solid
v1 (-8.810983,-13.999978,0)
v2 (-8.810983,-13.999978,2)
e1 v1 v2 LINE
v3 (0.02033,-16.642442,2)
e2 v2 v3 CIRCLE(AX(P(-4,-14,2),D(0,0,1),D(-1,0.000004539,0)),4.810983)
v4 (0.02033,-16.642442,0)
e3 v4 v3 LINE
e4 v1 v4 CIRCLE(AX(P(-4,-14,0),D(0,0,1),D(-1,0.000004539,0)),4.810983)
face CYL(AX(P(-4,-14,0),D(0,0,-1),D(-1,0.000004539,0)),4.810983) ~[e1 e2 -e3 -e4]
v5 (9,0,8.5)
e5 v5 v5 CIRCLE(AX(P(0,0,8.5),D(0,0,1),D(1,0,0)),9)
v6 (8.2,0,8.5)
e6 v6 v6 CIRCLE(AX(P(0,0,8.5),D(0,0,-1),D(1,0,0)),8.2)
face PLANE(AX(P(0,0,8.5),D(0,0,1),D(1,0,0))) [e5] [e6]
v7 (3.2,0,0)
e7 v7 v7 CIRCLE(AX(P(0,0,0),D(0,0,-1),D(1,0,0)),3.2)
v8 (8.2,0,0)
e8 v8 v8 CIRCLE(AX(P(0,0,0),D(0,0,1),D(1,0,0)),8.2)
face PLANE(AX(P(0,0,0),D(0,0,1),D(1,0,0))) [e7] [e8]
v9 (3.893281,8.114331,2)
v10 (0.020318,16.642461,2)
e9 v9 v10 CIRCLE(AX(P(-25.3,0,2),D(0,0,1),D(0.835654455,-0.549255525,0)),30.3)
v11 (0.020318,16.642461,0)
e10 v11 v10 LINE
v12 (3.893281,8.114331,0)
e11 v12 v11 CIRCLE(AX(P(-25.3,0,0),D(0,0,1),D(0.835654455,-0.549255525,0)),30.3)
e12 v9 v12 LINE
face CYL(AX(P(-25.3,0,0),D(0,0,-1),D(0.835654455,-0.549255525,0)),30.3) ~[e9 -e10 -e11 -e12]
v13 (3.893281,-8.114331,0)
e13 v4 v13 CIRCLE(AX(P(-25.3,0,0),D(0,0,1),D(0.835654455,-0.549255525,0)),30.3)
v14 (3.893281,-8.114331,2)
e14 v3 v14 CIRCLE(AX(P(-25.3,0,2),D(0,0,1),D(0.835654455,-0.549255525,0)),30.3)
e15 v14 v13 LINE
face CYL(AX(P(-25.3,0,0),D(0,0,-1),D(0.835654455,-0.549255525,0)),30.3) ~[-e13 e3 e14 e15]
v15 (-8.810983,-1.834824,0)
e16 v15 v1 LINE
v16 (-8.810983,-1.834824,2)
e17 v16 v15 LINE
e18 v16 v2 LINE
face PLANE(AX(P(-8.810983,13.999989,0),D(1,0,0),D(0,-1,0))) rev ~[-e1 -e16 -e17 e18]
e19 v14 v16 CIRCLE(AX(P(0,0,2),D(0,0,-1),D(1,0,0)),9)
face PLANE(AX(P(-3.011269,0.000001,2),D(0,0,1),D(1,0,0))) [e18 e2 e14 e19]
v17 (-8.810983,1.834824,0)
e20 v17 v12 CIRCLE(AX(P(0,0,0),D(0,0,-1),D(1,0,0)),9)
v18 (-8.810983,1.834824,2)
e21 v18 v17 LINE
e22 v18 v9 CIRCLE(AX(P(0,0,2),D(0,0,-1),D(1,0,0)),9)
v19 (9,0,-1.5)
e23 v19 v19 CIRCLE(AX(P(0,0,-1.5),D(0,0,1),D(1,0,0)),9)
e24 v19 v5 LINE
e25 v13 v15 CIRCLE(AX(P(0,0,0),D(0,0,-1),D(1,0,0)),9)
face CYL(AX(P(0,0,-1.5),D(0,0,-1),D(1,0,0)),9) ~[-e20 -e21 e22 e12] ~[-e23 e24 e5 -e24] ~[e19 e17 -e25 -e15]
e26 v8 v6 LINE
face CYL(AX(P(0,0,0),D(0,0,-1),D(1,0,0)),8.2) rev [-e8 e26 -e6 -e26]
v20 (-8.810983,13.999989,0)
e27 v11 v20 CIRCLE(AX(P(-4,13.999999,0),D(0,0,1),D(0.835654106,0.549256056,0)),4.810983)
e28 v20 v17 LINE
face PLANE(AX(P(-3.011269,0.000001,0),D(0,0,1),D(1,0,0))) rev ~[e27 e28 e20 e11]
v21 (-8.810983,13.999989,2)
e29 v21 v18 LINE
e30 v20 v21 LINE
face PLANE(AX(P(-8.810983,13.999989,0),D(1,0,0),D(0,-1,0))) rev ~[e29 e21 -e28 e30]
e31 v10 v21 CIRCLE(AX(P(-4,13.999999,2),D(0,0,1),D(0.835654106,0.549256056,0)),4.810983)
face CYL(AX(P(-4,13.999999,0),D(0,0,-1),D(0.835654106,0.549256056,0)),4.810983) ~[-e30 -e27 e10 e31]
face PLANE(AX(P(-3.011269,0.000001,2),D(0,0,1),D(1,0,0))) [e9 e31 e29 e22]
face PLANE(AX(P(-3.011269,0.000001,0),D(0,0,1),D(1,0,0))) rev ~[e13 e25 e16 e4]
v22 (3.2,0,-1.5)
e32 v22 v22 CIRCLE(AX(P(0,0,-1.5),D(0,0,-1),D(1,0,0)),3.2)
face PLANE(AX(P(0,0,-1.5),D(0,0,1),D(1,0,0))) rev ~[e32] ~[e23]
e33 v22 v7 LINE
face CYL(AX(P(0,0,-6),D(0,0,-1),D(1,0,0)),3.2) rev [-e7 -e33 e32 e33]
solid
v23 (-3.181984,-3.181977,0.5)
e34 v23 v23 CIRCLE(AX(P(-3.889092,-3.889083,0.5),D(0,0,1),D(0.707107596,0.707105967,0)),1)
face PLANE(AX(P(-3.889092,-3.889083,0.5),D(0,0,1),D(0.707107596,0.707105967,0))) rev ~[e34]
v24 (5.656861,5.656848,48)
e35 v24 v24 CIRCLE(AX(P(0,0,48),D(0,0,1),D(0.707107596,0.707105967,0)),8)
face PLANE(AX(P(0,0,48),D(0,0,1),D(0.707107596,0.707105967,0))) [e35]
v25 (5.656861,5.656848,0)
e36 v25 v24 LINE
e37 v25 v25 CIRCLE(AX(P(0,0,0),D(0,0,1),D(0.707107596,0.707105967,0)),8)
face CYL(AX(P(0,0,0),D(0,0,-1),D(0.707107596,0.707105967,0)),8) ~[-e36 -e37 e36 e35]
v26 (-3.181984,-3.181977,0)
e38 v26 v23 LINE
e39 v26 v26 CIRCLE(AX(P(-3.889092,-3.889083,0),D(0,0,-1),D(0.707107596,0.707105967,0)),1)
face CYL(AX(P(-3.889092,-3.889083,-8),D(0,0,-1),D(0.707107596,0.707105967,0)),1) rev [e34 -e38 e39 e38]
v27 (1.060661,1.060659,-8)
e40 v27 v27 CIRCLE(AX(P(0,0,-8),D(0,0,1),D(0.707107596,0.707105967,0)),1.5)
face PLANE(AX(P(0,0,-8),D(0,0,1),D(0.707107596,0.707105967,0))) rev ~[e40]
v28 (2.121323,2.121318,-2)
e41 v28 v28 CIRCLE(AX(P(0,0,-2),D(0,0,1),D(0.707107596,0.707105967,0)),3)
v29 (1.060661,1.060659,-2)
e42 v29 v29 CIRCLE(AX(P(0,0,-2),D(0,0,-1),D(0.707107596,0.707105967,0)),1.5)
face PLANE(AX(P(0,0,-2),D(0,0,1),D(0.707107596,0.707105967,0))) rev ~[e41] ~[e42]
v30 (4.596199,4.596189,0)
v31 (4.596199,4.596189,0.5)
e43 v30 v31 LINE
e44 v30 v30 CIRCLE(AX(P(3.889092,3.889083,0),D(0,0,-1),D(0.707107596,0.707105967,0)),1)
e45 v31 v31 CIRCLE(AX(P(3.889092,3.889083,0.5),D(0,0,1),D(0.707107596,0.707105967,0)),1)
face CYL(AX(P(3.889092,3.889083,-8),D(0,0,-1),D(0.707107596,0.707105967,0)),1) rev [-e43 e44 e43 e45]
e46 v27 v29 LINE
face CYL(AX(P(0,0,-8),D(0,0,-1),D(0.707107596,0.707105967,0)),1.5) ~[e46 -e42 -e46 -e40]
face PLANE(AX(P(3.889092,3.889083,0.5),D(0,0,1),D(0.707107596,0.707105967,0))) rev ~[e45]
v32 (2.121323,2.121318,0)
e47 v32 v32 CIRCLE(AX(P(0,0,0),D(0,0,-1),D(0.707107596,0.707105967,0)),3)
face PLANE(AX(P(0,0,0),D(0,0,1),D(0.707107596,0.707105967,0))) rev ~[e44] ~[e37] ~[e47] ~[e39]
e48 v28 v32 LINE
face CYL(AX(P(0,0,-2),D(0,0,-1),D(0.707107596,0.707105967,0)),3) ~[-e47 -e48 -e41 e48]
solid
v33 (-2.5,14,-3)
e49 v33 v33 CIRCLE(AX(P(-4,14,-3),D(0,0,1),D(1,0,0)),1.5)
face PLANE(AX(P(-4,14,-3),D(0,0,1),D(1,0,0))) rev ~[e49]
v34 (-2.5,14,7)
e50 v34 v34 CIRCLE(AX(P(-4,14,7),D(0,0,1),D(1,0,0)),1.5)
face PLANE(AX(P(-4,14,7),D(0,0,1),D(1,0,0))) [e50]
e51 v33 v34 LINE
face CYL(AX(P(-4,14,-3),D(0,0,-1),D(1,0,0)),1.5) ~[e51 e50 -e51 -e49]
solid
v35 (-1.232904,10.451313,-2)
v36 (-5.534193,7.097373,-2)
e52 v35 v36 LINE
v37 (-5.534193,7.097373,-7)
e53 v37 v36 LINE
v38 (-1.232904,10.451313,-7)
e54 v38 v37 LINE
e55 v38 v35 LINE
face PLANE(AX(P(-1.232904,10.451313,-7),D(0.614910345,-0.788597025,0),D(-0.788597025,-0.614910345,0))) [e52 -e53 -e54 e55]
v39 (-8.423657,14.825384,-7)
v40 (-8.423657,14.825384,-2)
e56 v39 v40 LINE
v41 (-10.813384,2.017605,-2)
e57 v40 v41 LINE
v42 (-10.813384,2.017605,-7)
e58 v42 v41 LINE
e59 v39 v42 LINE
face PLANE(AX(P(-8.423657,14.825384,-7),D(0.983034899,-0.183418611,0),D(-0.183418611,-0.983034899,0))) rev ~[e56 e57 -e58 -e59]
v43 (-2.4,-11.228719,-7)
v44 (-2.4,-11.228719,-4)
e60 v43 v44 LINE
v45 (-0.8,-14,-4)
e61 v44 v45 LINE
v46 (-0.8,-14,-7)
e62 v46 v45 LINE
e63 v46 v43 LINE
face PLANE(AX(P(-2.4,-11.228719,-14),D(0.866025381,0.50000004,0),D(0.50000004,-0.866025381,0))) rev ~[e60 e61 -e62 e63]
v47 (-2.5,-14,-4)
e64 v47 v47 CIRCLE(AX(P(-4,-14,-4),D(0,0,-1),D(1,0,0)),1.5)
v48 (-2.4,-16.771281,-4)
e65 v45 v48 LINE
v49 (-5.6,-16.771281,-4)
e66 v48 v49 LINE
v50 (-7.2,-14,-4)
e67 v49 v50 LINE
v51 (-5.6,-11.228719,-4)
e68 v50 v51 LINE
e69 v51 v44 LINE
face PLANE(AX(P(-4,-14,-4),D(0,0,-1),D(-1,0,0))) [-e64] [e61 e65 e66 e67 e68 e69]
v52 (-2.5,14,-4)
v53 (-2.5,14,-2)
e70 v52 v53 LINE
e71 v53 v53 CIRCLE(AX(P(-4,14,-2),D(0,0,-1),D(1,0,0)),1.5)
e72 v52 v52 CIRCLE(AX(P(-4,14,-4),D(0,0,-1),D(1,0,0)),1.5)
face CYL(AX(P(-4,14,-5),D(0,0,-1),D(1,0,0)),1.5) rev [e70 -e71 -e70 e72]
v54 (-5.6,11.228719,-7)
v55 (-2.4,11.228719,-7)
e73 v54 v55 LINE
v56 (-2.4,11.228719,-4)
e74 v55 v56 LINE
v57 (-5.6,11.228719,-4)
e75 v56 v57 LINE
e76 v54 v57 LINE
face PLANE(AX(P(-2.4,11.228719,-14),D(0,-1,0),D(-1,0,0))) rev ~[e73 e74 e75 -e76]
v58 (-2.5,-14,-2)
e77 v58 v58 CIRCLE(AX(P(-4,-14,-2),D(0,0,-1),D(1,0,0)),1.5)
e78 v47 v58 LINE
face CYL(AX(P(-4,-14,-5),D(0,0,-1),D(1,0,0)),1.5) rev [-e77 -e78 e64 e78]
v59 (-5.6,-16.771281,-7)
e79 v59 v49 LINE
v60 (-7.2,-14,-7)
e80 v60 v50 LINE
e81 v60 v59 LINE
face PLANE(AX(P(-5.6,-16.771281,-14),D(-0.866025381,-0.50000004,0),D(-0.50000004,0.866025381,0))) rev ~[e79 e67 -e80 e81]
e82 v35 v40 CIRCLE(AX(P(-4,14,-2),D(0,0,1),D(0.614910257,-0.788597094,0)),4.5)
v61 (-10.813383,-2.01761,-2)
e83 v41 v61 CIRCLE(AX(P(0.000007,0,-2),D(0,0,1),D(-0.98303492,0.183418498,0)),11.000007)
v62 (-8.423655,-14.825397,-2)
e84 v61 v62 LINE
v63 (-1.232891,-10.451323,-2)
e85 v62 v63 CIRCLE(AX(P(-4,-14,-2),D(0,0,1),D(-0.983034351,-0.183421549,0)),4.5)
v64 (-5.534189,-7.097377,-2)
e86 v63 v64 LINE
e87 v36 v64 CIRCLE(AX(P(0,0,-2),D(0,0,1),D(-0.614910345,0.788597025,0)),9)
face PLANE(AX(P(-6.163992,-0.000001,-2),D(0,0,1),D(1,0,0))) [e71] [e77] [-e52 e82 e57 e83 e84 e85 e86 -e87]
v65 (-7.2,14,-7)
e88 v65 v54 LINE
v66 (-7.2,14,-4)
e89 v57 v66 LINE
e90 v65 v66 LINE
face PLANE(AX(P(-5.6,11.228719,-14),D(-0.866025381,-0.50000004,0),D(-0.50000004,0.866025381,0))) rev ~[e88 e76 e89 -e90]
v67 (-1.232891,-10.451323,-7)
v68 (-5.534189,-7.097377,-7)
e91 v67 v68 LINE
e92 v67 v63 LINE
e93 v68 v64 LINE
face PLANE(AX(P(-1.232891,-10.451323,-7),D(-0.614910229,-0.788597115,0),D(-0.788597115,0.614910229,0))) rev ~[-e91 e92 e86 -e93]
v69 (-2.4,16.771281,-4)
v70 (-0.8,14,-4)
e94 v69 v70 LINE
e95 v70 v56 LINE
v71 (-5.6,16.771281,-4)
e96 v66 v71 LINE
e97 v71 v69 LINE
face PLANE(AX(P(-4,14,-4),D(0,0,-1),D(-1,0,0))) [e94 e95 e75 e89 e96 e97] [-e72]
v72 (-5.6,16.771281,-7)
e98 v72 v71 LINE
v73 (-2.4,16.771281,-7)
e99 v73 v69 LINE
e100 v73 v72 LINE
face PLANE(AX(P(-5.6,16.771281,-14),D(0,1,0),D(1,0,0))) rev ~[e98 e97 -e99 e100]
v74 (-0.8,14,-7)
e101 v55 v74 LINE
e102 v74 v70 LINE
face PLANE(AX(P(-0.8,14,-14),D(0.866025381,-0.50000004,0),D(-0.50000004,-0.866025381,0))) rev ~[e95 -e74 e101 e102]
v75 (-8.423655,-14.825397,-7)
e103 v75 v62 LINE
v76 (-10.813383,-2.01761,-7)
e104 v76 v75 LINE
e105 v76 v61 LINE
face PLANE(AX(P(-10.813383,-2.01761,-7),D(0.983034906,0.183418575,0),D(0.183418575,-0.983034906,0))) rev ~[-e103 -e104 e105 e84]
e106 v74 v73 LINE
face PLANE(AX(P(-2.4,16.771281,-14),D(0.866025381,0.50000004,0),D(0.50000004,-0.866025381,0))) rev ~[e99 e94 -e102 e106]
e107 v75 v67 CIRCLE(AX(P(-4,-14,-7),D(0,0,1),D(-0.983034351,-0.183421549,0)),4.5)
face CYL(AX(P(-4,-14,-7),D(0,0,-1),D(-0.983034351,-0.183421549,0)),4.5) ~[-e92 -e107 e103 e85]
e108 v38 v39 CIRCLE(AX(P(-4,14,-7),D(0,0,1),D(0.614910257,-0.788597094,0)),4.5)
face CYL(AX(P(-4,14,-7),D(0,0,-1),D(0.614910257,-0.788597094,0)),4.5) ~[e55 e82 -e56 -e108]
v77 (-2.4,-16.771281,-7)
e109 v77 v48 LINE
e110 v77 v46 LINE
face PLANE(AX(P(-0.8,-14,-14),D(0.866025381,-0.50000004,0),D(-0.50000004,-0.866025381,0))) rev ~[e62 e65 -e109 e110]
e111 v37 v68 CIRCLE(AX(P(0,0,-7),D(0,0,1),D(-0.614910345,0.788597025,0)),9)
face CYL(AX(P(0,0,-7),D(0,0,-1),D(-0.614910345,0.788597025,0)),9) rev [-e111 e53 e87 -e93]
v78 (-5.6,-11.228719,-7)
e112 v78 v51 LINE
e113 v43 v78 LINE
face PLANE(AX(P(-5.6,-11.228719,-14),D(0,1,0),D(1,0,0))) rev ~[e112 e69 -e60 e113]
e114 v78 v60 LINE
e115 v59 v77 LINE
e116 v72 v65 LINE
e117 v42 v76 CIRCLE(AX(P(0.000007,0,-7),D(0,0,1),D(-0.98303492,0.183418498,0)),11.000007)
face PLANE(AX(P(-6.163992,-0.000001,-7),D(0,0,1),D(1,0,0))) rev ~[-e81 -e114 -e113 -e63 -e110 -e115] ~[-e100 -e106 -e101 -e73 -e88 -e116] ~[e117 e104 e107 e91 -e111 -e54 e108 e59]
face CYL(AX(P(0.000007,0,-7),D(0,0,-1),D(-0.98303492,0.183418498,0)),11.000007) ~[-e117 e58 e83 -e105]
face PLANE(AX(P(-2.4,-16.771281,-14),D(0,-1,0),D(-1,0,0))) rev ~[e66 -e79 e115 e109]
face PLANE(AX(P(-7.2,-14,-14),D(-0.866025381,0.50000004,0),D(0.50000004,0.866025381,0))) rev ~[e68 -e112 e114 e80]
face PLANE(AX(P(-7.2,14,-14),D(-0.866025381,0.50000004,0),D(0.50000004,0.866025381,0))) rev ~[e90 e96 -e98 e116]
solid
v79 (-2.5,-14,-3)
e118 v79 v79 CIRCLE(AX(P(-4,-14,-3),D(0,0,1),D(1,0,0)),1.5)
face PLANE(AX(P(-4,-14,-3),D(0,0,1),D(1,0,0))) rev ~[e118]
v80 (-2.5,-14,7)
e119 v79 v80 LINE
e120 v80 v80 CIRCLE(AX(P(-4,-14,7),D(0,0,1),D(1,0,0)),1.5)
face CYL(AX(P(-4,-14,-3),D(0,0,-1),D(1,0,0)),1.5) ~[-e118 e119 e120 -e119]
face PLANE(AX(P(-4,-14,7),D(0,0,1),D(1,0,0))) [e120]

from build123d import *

# Parameters (mm, degrees)
CYLINDER002_R          = 3
CYLINDER002_DEPTH      = 2.5
CYLINDER004_R          = 1
CYLINDER004_DEPTH      = 8.5
CYLINDER003_R          = 1
CYLINDER003_DEPTH      = 8.5
CYLINDER_R             = 8
CYLINDER_DEPTH         = 48
CYLINDER001_R          = 1.5
CYLINDER001_DEPTH      = 8
FUSION_PLACEMENT_ANGLE = 44.999934
EXTRUDE_DEPTH          = 10
CYLINDER006_R          = 1.5
CYLINDER006_DEPTH      = 10
EXTRUDE001_DEPTH       = 10
CYLINDER005_R          = 1.5
CYLINDER005_DEPTH      = 10
EXTRUDE002_DEPTH       = 5
CYLINDER010_R          = 1.5
CYLINDER010_DEPTH      = 10
CYLINDER011_R          = 1.5
CYLINDER011_DEPTH      = 10
CYLINDER009_R          = 3.2
CYLINDER009_DEPTH      = 10
CYLINDER008_R          = 8.2
CYLINDER008_DEPTH      = 10
EXTRUDE003_DEPTH       = 2
CYLINDER007_R          = 9
CYLINDER007_DEPTH      = 10


with BuildPart() as bearing:
    # Cylinder002 → Cylinder002 (new body)
    with BuildSketch(Plane.XY.offset(-2)):
        Circle(CYLINDER002_R)
    extrude(amount=CYLINDER002_DEPTH)


with BuildPart() as cylinder004:
    # Cylinder004 → Cylinder004 (new body)
    with BuildSketch(Plane(origin=(-5.5, 0, -8), x_dir=(1, 0, 0), z_dir=(0, 0, 1))):
        Circle(CYLINDER004_R)
    extrude(amount=CYLINDER004_DEPTH)


with BuildPart() as cylinder003:
    # Cylinder003 → Cylinder003 (new body)
    with BuildSketch(Plane(origin=(5.5, 0, -8), x_dir=(1, 0, 0), z_dir=(0, 0, 1))):
        Circle(CYLINDER003_R)
    extrude(amount=CYLINDER003_DEPTH)


with BuildPart() as cut001:
    # Cylinder → Cylinder (new body)
    with BuildSketch(Plane.XY):
        Circle(CYLINDER_R)
    extrude(amount=CYLINDER_DEPTH)

    # Cut: cut Cylinder003
    add(cylinder003.part, mode=Mode.SUBTRACT)

    # Cut001: cut Cylinder004
    add(cylinder004.part, mode=Mode.SUBTRACT)


with BuildPart() as fusion:
    # Cylinder001 → Cylinder001 (new body)
    with BuildSketch(Plane.XY.offset(-8)):
        Circle(CYLINDER001_R)
    extrude(amount=CYLINDER001_DEPTH)

    # Fusion: union bearing, Cut001
    add(bearing.part)
    add(cut001.part)


with BuildPart() as fusion_1:
    # Fusion placement: moved
    add(fusion.part.rotate(Axis((0, 0, 0), (0, 0, 1)), FUSION_PLACEMENT_ANGLE))


with BuildPart() as m3nuttrapa:
    # Sketch → Extrude (new body)
    with BuildSketch(Plane.XY):
        Polygon((-1.6, 2.771281), (1.6, 2.771281), (3.2, 0), (1.6, -2.771281), (-1.6, -2.771281), (-3.2, 0), align=None)
    extrude(amount=EXTRUDE_DEPTH)


with BuildPart() as m3nuttrapa_1:
    # Extrude placement: moved
    add(m3nuttrapa.part.moved(Location((0, 14, -12))))


with BuildPart() as nuttrapcutoutb:
    # Cylinder006 → Cylinder006 (new body)
    with BuildSketch(Plane(origin=(0, 14, -3), x_dir=(1, 0, 0), z_dir=(0, 0, 1))):
        Circle(CYLINDER006_R)
    extrude(amount=CYLINDER006_DEPTH)

    # Fusion001: union M3NutTrapA
    add(m3nuttrapa_1.part)


with BuildPart() as nuttrapcutoutb_1:
    # Fusion001 placement: moved
    add(nuttrapcutoutb.part.moved(Location((-4, 0, 0))))


with BuildPart() as m3nuttrapb:
    # Sketch → Extrude001 (new body)
    with BuildSketch(Plane.XY):
        Polygon((-1.6, 2.771281), (1.6, 2.771281), (3.2, 0), (1.6, -2.771281), (-1.6, -2.771281), (-3.2, 0), align=None)
    extrude(amount=EXTRUDE001_DEPTH)


with BuildPart() as m3nuttrapb_1:
    # Extrude001 placement: moved
    add(m3nuttrapb.part.moved(Location((0, -14, -12))))


with BuildPart() as nuttrapcutouta:
    # Cylinder005 → Cylinder005 (new body)
    with BuildSketch(Plane(origin=(0, -14, -3), x_dir=(1, 0, 0), z_dir=(0, 0, 1))):
        Circle(CYLINDER005_R)
    extrude(amount=CYLINDER005_DEPTH)

    # Fusion002: union M3NutTrapB
    add(m3nuttrapb_1.part)


with BuildPart() as nuttrapcutouta_1:
    # Fusion002 placement: moved
    add(nuttrapcutouta.part.moved(Location((-4, 0, 0))))


with BuildPart() as motorretainernuttrap:
    # Sketch001 → Extrude002 (new body)
    with BuildSketch(Plane.XY):
        with BuildLine():
            ThreePointArc((-10.813384, 2.017605), (-11, -3e-06), (-10.813383, -2.01761))
            Line((-10.813383, -2.01761), (-8.423655, -14.825397))
            ThreePointArc((-8.423655, -14.825397), (-1.661375, -17.844585), (-1.232891, -10.451323))
            Line((-1.232891, -10.451323), (-5.534189, -7.097377))
            ThreePointArc((-5.534193, 7.097373), (-9, -3e-06), (-5.534189, -7.097377))
            Line((-1.232904, 10.451313), (-5.534193, 7.097373))
            ThreePointArc((-1.232904, 10.451313), (-1.661374, 17.844584), (-8.423657, 14.825384))
            Line((-8.423657, 14.825384), (-10.813384, 2.017605))
        make_face()
    extrude(amount=EXTRUDE002_DEPTH)


with BuildPart() as motorretainernuttrap_1:
    # Extrude002 placement: moved
    add(motorretainernuttrap.part.moved(Location((0, 0, -5))))

    # Cut002: cut NutTrapCutoutA
    add(nuttrapcutouta_1.part, mode=Mode.SUBTRACT)

    # Cut003: cut NutTrapCutoutB
    add(nuttrapcutoutb_1.part, mode=Mode.SUBTRACT)


with BuildPart() as motorretainernuttrap_2:
    # Cut003 placement: moved
    add(motorretainernuttrap_1.part.moved(Location((0, 0, -2))))


with BuildPart() as boltcylindera:
    # Cylinder010 → Cylinder010 (new body)
    with BuildSketch(Plane(origin=(-4, 14, -3), x_dir=(1, 0, 0), z_dir=(0, 0, 1))):
        Circle(CYLINDER010_R)
    extrude(amount=CYLINDER010_DEPTH)


with BuildPart() as boltcylinderb:
    # Cylinder011 → Cylinder011 (new body)
    with BuildSketch(Plane(origin=(-4, -14, -3), x_dir=(1, 0, 0), z_dir=(0, 0, 1))):
        Circle(CYLINDER011_R)
    extrude(amount=CYLINDER011_DEPTH)


with BuildPart() as oversizemotorbearing:
    # Cylinder009 → Cylinder009 (new body)
    with BuildSketch(Plane.XY.offset(-6)):
        Circle(CYLINDER009_R)
    extrude(amount=CYLINDER009_DEPTH)


with BuildPart() as oversizemotor:
    # Cylinder008 → Cylinder008 (new body)
    with BuildSketch(Plane.XY):
        Circle(CYLINDER008_R)
    extrude(amount=CYLINDER008_DEPTH)

    # Fusion004: union OversizeMotorBearing
    add(oversizemotorbearing.part)


with BuildPart() as motortopbracket:
    # Sketch002 → Extrude003 (new body)
    with BuildSketch(Plane.XY):
        with BuildLine():
            ThreePointArc((0.020318, 16.642461), (-5.379113, 18.609078), (-8.810983, 13.999989))
            Line((-8.810983, 13.999989), (-8.810983, -13.999978))
            ThreePointArc((-8.810983, -13.999978), (-5.379107, -18.60908), (0.02033, -16.642442))
            ThreePointArc((0.02033, -16.642442), (5, 1.1e-05), (0.020318, 16.642461))
        make_face()
    extrude(amount=EXTRUDE003_DEPTH)


with BuildPart() as motortopbracket002:
    # Cylinder007 → Cylinder007 (new body)
    with BuildSketch(Plane.XY.offset(-1.5)):
        Circle(CYLINDER007_R)
    extrude(amount=CYLINDER007_DEPTH)

    # Fusion005: union MotorTopBracket
    add(motortopbracket.part)

    # Cut004: cut OversizeMotor
    add(oversizemotor.part, mode=Mode.SUBTRACT)


solid = Compound([fusion_1.part, motorretainernuttrap_2.part, boltcylindera.part, boltcylinderb.part, motortopbracket002.part])
